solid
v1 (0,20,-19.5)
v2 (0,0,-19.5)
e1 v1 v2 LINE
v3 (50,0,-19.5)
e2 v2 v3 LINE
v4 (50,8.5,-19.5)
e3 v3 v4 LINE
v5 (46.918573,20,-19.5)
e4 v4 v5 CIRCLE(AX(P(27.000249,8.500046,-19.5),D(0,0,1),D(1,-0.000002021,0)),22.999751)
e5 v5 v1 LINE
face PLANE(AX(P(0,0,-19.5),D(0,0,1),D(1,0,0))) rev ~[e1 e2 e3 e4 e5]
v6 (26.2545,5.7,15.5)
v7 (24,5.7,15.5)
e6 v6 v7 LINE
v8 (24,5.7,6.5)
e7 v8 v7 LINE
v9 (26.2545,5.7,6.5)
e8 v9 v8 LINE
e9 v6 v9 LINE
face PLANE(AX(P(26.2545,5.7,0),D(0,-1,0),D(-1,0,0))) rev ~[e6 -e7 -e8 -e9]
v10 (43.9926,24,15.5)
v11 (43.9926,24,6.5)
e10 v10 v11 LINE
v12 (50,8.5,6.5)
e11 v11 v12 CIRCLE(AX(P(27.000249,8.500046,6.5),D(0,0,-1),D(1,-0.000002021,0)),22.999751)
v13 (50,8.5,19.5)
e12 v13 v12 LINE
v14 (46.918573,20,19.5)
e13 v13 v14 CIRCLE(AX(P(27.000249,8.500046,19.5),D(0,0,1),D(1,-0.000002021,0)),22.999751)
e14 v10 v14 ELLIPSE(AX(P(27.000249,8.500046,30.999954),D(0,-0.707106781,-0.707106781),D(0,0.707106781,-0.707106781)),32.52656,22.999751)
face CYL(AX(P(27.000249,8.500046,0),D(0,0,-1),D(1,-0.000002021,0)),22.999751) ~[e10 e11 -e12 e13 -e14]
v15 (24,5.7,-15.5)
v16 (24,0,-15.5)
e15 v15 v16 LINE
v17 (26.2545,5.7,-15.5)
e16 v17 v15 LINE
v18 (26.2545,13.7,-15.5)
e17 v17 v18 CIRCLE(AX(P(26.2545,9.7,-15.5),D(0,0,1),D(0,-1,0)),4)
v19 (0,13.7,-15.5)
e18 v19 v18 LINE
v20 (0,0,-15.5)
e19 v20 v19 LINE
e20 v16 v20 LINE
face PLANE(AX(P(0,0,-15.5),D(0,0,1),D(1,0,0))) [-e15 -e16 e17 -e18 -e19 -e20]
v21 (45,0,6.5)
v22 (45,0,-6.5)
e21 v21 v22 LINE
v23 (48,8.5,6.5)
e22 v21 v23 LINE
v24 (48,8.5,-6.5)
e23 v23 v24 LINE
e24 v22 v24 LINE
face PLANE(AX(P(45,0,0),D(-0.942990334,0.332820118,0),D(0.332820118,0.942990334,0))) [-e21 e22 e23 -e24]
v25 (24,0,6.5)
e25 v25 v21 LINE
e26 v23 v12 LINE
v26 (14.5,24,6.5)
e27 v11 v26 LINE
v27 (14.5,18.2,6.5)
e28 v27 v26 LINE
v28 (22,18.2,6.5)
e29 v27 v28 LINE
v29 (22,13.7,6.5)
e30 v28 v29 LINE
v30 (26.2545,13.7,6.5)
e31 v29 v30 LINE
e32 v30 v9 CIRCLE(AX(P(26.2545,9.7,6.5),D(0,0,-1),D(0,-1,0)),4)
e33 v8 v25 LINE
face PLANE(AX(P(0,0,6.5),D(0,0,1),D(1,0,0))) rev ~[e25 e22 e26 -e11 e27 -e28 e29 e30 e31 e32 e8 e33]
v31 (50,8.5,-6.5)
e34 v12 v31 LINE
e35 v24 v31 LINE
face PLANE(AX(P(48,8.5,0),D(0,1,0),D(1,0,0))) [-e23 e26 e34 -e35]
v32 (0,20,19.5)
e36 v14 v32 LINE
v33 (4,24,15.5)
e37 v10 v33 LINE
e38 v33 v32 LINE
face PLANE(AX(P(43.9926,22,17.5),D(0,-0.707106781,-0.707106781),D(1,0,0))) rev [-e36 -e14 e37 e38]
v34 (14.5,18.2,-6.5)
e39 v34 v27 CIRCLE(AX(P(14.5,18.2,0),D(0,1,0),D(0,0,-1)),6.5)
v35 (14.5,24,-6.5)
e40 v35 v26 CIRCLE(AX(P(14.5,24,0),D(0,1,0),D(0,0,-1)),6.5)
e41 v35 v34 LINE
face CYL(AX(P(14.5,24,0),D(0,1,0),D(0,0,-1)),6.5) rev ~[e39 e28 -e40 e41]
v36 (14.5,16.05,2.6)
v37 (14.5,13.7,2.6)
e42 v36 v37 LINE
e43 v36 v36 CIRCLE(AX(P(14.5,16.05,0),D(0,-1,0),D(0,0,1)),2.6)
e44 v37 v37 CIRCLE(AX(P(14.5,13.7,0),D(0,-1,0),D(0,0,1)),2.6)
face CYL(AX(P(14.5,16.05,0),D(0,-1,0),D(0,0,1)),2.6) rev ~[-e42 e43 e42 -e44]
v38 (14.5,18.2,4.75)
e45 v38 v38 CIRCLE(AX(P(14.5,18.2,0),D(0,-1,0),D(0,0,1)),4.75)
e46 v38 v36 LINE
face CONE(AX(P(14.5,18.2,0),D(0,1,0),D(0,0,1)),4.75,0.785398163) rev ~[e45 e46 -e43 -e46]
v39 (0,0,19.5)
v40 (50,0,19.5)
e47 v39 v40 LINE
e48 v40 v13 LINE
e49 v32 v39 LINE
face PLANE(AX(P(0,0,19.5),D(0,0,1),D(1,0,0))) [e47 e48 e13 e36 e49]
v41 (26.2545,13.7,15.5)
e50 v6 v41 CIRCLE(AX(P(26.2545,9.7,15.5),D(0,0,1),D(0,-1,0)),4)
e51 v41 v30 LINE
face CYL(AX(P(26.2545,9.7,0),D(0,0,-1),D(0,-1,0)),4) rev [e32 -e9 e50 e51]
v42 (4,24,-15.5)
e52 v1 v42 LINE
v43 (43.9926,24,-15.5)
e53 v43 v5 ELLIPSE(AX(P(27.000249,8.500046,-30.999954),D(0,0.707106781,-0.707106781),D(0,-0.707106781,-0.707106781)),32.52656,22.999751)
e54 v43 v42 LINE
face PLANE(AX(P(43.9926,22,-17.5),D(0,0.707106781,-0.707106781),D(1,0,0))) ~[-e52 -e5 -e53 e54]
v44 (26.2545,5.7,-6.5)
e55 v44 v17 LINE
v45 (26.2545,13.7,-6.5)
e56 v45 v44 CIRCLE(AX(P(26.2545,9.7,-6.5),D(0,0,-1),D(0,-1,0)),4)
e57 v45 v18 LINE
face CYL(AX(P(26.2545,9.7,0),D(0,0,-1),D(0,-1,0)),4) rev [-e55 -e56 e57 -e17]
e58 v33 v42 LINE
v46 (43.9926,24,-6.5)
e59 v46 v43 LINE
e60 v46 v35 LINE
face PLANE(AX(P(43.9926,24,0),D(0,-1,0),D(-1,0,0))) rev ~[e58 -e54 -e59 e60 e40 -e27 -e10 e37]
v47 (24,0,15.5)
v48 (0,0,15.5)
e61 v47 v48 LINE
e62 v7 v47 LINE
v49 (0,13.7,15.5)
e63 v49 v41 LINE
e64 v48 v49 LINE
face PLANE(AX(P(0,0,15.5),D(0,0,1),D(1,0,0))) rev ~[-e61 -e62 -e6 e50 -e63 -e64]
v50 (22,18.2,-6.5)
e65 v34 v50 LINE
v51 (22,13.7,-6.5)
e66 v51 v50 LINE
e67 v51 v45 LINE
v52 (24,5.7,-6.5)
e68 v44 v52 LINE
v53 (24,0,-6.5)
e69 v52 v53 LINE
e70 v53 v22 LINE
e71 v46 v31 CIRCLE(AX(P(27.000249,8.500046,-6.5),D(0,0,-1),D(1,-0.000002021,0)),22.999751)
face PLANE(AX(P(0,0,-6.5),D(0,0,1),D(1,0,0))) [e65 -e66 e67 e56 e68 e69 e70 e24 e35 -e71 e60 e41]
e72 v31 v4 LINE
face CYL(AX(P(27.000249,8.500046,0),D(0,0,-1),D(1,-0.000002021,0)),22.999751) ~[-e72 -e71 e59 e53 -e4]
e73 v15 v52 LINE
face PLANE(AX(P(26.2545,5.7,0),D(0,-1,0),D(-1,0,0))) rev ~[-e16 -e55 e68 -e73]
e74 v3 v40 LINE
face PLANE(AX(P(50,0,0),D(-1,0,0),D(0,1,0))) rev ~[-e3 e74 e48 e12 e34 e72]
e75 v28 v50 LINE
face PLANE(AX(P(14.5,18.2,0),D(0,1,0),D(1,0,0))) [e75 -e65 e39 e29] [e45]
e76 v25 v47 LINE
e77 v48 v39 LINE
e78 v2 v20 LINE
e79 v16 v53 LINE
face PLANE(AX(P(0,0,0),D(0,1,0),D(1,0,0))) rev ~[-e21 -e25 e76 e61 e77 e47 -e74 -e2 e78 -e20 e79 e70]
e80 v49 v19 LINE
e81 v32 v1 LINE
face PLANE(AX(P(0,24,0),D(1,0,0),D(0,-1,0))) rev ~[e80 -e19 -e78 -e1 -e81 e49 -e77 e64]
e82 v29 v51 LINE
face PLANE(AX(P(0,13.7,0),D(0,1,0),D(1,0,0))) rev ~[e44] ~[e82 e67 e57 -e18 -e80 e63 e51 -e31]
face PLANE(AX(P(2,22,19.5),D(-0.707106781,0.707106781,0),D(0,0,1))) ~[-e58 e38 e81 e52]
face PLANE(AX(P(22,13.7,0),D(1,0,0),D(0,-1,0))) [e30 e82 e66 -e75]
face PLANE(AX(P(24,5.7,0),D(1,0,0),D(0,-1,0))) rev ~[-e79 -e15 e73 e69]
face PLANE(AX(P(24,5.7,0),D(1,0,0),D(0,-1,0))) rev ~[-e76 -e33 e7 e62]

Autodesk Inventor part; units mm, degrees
ref_plane "YZ Plane" through (0, 0, 0) normal (1, 0, 0) x (0, 1, 0)
ref_plane "XZ Plane" through (0, 0, 0) normal (0, 1, 0) x (-1, 0, 0)
ref_plane "XY Plane" through (0, 0, 0) normal (0, 0, 1) x (1, 0, 0)
sketch "Sketch1" plane through (0, 0, 0) normal (0, 0, 1) x (1, 0, 0)
  line L0 (0, 0) -> (50, 0)
  line L1 (50, 0) -> (50, 8.5)
  arc A0 (50, 8.5) -> (43.9926, 24) centre (27, 8.5) ccw
  line L2 (43.9926, 24) -> (0, 24)
  line L3 (0, 24) -> (0, 0)
  dimension "d0" = 50
  dimension "d1" = 24
  dimension "d2" = 8.5
  dimension "d3" = 23
extrude "Extrusion1" add sketch "Sketch1" along normal mid plane 39
sketch "Sketch2" plane through (0, 0, 0) normal (0, 0, 1) x (1, 0, 0)
  line L0 (0, 0) -> (0, 24) projected
  line L1 (0, 13.7) -> (26.2545, 13.7)
  arc A0 (26.2545, 5.7) -> (26.2545, 13.7) centre (26.2545, 9.7) ccw
  line L2 (26.2545, 5.7) -> (24, 5.7)
  line L3 (24, 5.7) -> (24, 0)
  line L4 (50, 0) -> (0, 0) projected
  line L5 (24, 0) -> (0, 0)
  line L6 (0, 0) -> (0, 13.7)
  line L7 (50, 8.5) -> (50, 0) projected
  dimension "d6" = 4
  dimension "d7" = 5.7
  dimension "d8" = 26
extrude "Extrusion2" cut sketch "Sketch2" along normal mid plane 31
sketch "Sketch3" plane through (0, 0, 0) normal (0, 0, 1) x (1, 0, 0)
  line L0 (14.5, 24.0258) -> (14.5, 18.2)
  line L1 (14.5, 18.2) -> (22, 18.2)
  line L2 (22, 18.2) -> (22, 0)
  line L3 (0, 13.7) -> (26.2545, 13.7) projected
  line L4 (22, 0) -> (45, 0)
  line L5 (50, 0) -> (0, 0) projected
  line L6 (50, 8.5) -> (50, 0) projected
  line L7 (50, 8.5) -> (50, 24.0258)
  line L8 (50, 24.0258) -> (14.5, 24.0258)
  line L9 (0, 24) -> (43.9926, 24) projected
  line L10 (45, 0) -> (48, 8.5)
  line L11 (48, 8.5) -> (50, 8.5)
  dimension "d11" = 2
  dimension "d12" = 5
  dimension "d13" = 8.5
  dimension "d14" = 4.5
  dimension "d15" = 35.5
  dimension "d16" = 28
extrude "Extrusion3" cut sketch "Sketch3" along normal mid plane 13 contours L8 L7 L11 L10 L4 L2 L1 L0
sketch "Sketch4" plane through (0, 24, -19.5) normal (0, 1, 0) x (1, 0, 0)
  line L0 (14.5, -26) -> (14.5, -13) projected
  line L1 (14.5, -13) -> (14.5, -26) projected
  arc A0 (14.5, -13) -> (14.5, -26) centre (14.5, -19.5) ccw
  point P0 (0, -19.5)
extrude "Extrusion4" cut sketch "Sketch4" against normal up to surface (5.8 mm away)
sketch "Sketch5" plane through (22, 18.2, 6.5) normal (0, 1, 0) x (1, 0, 0)
  arc A0 (-7.5, 13) -> (-7.5, 0) centre (-7.5, 6.5) ccw projected
  point P0 (-22, 6.5)
hole "Hole1" at (14.5, 18.2, 0) direction (0, -1, 0) diameter 5.2 end through all countersink diameter 9.5 countersink angle 90
chamfer "Chamfer1" distance 4 angle 45 3 edges at (21.9963, 24, 19.5) (0, 24, 0) (21.9963, 24, -19.5)
properties part number "Part015. Fixing Block" material "Steel, Carbon"
